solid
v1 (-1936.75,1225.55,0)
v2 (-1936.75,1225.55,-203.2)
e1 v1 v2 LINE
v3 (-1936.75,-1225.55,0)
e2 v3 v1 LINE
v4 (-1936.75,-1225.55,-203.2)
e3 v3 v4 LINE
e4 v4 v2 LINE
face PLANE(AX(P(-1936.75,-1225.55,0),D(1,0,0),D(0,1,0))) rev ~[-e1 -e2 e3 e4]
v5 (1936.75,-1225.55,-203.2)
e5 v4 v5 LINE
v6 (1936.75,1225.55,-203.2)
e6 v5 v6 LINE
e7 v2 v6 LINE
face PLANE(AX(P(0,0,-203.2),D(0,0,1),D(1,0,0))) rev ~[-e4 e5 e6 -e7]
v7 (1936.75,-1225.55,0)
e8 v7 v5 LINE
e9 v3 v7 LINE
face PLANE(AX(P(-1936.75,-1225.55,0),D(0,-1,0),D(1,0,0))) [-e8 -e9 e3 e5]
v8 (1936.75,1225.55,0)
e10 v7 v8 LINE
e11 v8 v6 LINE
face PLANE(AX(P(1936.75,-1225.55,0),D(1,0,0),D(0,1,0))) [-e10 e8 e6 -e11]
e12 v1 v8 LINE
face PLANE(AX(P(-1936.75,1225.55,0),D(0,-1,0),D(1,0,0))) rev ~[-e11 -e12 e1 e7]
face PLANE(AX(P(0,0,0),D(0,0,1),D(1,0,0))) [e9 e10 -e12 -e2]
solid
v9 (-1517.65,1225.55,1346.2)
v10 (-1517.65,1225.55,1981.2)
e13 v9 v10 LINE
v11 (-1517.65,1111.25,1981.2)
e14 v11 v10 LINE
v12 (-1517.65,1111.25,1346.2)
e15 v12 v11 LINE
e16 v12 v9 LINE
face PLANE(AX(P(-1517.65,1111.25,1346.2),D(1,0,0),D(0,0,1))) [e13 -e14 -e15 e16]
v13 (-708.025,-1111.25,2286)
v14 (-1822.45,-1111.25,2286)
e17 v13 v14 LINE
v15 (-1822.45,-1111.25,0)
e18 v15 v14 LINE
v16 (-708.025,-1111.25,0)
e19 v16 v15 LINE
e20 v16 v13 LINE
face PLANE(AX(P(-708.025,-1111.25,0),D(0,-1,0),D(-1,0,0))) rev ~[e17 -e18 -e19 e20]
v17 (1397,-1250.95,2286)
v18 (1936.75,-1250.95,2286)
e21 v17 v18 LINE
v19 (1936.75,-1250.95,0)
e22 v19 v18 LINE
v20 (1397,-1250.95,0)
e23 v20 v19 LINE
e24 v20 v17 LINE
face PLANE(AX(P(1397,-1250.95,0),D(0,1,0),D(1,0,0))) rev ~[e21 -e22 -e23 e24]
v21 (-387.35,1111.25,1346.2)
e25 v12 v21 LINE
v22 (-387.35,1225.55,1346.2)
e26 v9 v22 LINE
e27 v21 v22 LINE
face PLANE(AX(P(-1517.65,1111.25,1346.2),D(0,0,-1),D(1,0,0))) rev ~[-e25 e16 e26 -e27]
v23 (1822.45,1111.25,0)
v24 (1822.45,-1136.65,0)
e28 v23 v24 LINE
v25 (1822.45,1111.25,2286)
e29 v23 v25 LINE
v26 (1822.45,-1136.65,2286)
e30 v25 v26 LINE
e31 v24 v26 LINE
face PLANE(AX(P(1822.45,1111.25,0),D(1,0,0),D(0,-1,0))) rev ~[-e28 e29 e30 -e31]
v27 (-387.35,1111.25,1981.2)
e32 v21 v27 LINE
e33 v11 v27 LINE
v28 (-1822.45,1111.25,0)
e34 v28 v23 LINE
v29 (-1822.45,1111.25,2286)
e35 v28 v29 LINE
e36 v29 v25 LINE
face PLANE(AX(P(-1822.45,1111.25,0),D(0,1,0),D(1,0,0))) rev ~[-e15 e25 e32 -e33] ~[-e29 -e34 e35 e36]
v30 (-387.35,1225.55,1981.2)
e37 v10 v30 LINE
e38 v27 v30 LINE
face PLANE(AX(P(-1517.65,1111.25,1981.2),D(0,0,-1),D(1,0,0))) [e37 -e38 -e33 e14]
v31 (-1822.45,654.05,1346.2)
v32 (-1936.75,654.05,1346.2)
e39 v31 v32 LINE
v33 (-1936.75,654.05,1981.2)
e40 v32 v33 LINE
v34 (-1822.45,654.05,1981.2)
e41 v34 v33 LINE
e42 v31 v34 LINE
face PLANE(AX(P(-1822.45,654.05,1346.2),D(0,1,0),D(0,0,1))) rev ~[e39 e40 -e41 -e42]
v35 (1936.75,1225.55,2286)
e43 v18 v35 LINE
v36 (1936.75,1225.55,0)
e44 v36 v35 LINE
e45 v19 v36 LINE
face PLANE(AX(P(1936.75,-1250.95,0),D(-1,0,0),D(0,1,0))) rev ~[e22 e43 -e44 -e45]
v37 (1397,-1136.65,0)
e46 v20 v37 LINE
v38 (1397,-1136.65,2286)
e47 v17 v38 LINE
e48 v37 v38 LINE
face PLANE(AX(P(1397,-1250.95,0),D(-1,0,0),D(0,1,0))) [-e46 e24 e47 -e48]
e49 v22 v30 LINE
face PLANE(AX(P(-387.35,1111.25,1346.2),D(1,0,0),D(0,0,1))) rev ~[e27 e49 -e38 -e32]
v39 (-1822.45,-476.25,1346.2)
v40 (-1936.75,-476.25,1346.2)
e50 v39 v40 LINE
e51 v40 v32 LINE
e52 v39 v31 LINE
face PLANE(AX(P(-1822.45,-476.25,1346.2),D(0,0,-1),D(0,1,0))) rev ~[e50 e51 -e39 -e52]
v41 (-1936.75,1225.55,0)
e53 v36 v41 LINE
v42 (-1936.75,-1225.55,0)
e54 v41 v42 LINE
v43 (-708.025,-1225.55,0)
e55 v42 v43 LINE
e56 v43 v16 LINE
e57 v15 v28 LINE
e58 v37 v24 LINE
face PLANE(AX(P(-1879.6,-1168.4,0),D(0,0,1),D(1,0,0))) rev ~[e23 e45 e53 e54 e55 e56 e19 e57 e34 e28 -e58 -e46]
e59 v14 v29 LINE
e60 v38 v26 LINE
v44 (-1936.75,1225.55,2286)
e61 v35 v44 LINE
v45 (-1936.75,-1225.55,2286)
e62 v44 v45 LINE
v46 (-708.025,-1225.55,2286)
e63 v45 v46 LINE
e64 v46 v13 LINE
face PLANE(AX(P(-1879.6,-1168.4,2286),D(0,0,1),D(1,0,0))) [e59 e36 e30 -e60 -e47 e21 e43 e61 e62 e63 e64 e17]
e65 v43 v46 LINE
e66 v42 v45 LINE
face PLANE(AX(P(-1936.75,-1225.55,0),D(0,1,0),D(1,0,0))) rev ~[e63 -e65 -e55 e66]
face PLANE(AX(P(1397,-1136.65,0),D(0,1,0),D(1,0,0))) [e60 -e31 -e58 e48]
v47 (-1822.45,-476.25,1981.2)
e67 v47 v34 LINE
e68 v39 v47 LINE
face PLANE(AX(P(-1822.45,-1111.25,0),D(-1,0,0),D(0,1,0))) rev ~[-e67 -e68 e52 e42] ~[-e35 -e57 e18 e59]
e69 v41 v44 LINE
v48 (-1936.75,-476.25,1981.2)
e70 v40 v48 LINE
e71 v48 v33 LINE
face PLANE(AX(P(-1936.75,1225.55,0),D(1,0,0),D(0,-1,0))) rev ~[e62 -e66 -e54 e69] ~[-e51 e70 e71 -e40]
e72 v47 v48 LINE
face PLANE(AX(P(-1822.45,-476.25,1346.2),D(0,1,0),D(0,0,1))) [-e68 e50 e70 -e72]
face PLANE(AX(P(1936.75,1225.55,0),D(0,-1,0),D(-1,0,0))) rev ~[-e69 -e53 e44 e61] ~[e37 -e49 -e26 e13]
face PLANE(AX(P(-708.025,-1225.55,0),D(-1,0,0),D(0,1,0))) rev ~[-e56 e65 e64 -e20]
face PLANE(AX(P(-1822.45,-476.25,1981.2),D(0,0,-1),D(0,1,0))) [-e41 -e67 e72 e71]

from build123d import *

# Parameters (mm, degrees)
F0_W     = 3873.5
F0_H     = 2451.1
F1_DEPTH = 203.2
F2_W     = 114.3
F2_H     = 114.3
F2_W_2   = 1114.425
F2_H_2   = 2222.5
F2_W_3   = 3644.9
F2_H_3   = 2247.9
F2_W_4   = 425.45
F3_DEPTH = 2286
F4_W     = 1130.3
F4_H     = 635
F5_DEPTH = 114.301
F6_W     = 1130.3
F6_H     = 635
F7_DEPTH = 114.301


with BuildPart() as f1:
    # F0 (on Top) → F1 (new body)
    with BuildSketch(Plane.XY):
        Rectangle(F0_W, F0_H)
    extrude(amount=-F1_DEPTH)


with BuildPart() as f3:
    # F2 (on Top) → F3 (new body)
    with BuildSketch(Plane.XY):
        with Locations((-1879.6, -1168.4)):
            Rectangle(F2_W, F2_H)
        with Locations((-1265.2375, -1168.4)):
            Rectangle(F2_W_2, F2_H)
        with Locations((-1879.6, 0)):
            Rectangle(F2_W, F2_H_2)
        with Locations((-1879.6, 1168.4)):
            Rectangle(F2_W, F2_H)
        with Locations((0, 1168.4)):
            Rectangle(F2_W_3, F2_H)
        with Locations((1879.6, 1168.4)):
            Rectangle(F2_W, F2_H)
        with Locations((1879.6, -12.7)):
            Rectangle(F2_W, F2_H_3)
        with Locations((1879.6, -1193.8)):
            Rectangle(F2_W, F2_H)
        with Locations((1609.725, -1193.8)):
            Rectangle(F2_W_4, F2_H)
    extrude(amount=F3_DEPTH)

    # F4 (on face) → F5 (cut, through all)
    with BuildSketch(Plane.XZ.offset(-1111.25)):
        with Locations((-952.5, 1663.7)):
            Rectangle(F4_W, F4_H)
    extrude(amount=-F5_DEPTH, mode=Mode.SUBTRACT)

    # F6 (on face) → F7 (cut, through all)
    with BuildSketch(Plane.YZ.offset(-1822.45)):
        with Locations((88.9, 1663.7)):
            Rectangle(F6_W, F6_H)
    extrude(amount=-F7_DEPTH, mode=Mode.SUBTRACT)


solid = Compound([f1.part, f3.part])
